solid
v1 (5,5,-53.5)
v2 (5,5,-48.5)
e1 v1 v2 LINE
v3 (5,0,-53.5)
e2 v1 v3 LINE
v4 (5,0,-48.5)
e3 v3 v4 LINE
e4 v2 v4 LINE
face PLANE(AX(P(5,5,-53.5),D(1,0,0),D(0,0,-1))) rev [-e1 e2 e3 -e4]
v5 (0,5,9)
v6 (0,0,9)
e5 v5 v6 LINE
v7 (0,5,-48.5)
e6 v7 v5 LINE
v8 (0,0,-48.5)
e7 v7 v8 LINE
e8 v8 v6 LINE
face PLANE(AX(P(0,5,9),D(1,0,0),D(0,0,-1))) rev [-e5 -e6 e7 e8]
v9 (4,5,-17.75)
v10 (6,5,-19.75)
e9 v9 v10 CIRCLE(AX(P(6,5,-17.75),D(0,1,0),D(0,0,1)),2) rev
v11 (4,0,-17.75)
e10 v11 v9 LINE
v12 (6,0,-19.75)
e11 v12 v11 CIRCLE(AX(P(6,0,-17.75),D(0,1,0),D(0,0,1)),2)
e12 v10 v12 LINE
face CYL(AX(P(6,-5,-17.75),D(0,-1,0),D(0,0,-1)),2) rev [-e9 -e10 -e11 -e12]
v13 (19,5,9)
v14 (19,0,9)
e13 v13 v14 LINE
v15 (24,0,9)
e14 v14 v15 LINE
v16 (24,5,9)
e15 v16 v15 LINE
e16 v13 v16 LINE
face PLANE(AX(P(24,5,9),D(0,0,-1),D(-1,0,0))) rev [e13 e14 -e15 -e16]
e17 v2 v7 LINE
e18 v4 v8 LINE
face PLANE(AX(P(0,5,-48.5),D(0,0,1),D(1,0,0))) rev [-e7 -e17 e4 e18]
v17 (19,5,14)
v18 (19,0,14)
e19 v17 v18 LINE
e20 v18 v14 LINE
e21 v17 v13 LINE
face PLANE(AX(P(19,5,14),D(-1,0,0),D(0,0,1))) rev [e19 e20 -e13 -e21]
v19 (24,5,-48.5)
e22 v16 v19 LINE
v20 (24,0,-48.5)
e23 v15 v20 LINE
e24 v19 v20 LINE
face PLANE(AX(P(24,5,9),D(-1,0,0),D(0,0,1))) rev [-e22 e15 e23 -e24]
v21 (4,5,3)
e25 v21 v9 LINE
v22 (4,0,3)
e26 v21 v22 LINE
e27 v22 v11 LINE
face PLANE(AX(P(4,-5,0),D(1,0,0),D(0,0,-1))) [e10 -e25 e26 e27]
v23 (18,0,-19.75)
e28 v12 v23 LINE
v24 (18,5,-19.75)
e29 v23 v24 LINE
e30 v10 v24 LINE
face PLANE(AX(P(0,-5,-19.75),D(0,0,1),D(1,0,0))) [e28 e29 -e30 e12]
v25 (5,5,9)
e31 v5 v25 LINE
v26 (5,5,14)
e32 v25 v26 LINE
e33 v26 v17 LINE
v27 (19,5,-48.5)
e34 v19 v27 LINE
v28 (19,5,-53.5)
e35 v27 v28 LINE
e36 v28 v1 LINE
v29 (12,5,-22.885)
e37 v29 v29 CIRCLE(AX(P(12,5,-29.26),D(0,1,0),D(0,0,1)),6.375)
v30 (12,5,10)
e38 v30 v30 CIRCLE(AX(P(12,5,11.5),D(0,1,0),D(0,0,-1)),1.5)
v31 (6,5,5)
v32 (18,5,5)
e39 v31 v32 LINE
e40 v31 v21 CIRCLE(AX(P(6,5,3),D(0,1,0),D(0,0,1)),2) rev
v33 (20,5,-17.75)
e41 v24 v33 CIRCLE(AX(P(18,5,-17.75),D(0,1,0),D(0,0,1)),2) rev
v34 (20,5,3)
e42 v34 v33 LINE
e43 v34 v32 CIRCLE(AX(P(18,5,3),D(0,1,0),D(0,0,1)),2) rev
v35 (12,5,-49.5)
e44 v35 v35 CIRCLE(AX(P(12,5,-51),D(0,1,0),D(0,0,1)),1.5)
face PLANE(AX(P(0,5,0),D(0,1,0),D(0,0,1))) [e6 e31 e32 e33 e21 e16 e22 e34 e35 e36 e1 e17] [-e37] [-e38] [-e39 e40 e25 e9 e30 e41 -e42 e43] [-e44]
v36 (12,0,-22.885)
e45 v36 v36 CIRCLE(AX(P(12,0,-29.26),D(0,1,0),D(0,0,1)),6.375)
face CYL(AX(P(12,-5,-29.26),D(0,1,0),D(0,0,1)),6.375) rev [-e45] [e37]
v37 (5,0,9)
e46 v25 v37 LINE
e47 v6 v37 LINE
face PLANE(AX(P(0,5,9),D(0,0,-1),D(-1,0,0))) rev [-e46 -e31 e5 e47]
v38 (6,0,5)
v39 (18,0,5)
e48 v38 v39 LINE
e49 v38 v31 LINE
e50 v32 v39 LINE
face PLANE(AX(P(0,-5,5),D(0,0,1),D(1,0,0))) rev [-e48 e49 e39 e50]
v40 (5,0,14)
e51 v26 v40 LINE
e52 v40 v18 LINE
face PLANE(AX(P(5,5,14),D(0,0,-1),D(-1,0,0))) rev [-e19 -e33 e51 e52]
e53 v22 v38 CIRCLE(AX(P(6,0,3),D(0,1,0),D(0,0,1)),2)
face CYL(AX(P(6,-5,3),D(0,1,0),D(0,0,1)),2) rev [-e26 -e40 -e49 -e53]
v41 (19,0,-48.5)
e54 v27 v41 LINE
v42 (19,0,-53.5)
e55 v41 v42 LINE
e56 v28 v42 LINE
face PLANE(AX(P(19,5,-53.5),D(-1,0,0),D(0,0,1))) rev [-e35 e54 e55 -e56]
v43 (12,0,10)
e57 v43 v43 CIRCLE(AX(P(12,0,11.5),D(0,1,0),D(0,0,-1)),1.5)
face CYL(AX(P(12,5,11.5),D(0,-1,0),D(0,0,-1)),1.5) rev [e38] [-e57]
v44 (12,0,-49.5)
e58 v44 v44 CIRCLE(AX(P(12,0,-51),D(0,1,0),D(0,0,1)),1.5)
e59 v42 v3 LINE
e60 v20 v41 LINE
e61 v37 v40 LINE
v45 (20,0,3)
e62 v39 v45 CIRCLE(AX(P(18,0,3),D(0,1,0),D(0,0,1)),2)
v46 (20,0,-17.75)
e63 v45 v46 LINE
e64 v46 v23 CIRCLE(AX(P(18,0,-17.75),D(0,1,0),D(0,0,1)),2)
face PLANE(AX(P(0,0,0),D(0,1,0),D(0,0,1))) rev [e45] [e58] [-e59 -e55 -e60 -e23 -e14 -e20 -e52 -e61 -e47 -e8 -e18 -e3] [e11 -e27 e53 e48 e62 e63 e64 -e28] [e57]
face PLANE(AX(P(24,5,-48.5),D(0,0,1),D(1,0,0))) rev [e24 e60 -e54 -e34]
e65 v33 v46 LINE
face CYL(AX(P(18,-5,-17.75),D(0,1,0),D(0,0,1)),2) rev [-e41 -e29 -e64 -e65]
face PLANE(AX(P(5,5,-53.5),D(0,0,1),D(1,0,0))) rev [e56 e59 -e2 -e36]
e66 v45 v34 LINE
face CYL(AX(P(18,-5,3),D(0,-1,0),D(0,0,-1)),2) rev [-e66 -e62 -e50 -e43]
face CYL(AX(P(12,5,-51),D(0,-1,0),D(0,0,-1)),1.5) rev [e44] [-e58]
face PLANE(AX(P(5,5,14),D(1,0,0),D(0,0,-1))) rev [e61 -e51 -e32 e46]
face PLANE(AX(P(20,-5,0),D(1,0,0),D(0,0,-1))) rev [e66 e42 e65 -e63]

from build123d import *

# Parameters (mm, degrees)
SKETCH1_R           = 1.5
BOSS_EXTRUDE1_DEPTH = 5
SKETCH2_R           = 6.375
CUT_EXTRUDE1_DEPTH  = 10
SKETCH3_W           = 16
SKETCH3_H           = 24.75
CUT_EXTRUDE2_DEPTH  = 10
FILLET1_R           = 2


with BuildPart() as part:
    # Sketch1 → Boss-Extrude1 (new body)
    with BuildSketch(Plane(origin=(0, 0, 0), x_dir=(1, 0, 0), z_dir=(0, 1, 0))):
        Polygon((5, -14), (19, -14), (19, -9), (24, -9), (24, 48.5), (19, 48.5), (19, 53.5), (5, 53.5), (5, 48.5), (0, 48.5), (0, -9), (5, -9), align=None)
        with Locations(Location((12, 51, 0), (0, 0, 270))):
            Circle(SKETCH1_R, mode=Mode.SUBTRACT)
        with Locations(Location((12, -11.5, 0), (0, 0, 90))):
            Circle(SKETCH1_R, mode=Mode.SUBTRACT)
    extrude(amount=BOSS_EXTRUDE1_DEPTH)

    # Sketch2 → Cut-Extrude1 (cut)
    with BuildSketch(Plane(origin=(0, 5, 0), x_dir=(1, 0, 0), z_dir=(0, 1, 0))):
        with Locations(Location((12, 29.26, 0), (0, 0, 270))):
            Circle(SKETCH2_R)
    extrude(amount=-CUT_EXTRUDE1_DEPTH, mode=Mode.SUBTRACT)

    # Sketch3 → Cut-Extrude2 (cut)
    with BuildSketch(Plane(origin=(0, 5, 0), x_dir=(1, 0, 0), z_dir=(0, 1, 0))):
        with Locations((12, 7.375)):
            Rectangle(SKETCH3_W, SKETCH3_H)
    extrude(amount=-CUT_EXTRUDE2_DEPTH, mode=Mode.SUBTRACT)

    # Fillet1
    fillet1_edges = [part.edges().sort_by_distance(p)[0] for p in [
        (20, 2.5, 5),
        (4, 2.5, 5),
        (4, 2.5, -19.75),
        (20, 2.5, -19.75),
    ]]
    fillet(fillet1_edges, radius=FILLET1_R)


solid = part.part
